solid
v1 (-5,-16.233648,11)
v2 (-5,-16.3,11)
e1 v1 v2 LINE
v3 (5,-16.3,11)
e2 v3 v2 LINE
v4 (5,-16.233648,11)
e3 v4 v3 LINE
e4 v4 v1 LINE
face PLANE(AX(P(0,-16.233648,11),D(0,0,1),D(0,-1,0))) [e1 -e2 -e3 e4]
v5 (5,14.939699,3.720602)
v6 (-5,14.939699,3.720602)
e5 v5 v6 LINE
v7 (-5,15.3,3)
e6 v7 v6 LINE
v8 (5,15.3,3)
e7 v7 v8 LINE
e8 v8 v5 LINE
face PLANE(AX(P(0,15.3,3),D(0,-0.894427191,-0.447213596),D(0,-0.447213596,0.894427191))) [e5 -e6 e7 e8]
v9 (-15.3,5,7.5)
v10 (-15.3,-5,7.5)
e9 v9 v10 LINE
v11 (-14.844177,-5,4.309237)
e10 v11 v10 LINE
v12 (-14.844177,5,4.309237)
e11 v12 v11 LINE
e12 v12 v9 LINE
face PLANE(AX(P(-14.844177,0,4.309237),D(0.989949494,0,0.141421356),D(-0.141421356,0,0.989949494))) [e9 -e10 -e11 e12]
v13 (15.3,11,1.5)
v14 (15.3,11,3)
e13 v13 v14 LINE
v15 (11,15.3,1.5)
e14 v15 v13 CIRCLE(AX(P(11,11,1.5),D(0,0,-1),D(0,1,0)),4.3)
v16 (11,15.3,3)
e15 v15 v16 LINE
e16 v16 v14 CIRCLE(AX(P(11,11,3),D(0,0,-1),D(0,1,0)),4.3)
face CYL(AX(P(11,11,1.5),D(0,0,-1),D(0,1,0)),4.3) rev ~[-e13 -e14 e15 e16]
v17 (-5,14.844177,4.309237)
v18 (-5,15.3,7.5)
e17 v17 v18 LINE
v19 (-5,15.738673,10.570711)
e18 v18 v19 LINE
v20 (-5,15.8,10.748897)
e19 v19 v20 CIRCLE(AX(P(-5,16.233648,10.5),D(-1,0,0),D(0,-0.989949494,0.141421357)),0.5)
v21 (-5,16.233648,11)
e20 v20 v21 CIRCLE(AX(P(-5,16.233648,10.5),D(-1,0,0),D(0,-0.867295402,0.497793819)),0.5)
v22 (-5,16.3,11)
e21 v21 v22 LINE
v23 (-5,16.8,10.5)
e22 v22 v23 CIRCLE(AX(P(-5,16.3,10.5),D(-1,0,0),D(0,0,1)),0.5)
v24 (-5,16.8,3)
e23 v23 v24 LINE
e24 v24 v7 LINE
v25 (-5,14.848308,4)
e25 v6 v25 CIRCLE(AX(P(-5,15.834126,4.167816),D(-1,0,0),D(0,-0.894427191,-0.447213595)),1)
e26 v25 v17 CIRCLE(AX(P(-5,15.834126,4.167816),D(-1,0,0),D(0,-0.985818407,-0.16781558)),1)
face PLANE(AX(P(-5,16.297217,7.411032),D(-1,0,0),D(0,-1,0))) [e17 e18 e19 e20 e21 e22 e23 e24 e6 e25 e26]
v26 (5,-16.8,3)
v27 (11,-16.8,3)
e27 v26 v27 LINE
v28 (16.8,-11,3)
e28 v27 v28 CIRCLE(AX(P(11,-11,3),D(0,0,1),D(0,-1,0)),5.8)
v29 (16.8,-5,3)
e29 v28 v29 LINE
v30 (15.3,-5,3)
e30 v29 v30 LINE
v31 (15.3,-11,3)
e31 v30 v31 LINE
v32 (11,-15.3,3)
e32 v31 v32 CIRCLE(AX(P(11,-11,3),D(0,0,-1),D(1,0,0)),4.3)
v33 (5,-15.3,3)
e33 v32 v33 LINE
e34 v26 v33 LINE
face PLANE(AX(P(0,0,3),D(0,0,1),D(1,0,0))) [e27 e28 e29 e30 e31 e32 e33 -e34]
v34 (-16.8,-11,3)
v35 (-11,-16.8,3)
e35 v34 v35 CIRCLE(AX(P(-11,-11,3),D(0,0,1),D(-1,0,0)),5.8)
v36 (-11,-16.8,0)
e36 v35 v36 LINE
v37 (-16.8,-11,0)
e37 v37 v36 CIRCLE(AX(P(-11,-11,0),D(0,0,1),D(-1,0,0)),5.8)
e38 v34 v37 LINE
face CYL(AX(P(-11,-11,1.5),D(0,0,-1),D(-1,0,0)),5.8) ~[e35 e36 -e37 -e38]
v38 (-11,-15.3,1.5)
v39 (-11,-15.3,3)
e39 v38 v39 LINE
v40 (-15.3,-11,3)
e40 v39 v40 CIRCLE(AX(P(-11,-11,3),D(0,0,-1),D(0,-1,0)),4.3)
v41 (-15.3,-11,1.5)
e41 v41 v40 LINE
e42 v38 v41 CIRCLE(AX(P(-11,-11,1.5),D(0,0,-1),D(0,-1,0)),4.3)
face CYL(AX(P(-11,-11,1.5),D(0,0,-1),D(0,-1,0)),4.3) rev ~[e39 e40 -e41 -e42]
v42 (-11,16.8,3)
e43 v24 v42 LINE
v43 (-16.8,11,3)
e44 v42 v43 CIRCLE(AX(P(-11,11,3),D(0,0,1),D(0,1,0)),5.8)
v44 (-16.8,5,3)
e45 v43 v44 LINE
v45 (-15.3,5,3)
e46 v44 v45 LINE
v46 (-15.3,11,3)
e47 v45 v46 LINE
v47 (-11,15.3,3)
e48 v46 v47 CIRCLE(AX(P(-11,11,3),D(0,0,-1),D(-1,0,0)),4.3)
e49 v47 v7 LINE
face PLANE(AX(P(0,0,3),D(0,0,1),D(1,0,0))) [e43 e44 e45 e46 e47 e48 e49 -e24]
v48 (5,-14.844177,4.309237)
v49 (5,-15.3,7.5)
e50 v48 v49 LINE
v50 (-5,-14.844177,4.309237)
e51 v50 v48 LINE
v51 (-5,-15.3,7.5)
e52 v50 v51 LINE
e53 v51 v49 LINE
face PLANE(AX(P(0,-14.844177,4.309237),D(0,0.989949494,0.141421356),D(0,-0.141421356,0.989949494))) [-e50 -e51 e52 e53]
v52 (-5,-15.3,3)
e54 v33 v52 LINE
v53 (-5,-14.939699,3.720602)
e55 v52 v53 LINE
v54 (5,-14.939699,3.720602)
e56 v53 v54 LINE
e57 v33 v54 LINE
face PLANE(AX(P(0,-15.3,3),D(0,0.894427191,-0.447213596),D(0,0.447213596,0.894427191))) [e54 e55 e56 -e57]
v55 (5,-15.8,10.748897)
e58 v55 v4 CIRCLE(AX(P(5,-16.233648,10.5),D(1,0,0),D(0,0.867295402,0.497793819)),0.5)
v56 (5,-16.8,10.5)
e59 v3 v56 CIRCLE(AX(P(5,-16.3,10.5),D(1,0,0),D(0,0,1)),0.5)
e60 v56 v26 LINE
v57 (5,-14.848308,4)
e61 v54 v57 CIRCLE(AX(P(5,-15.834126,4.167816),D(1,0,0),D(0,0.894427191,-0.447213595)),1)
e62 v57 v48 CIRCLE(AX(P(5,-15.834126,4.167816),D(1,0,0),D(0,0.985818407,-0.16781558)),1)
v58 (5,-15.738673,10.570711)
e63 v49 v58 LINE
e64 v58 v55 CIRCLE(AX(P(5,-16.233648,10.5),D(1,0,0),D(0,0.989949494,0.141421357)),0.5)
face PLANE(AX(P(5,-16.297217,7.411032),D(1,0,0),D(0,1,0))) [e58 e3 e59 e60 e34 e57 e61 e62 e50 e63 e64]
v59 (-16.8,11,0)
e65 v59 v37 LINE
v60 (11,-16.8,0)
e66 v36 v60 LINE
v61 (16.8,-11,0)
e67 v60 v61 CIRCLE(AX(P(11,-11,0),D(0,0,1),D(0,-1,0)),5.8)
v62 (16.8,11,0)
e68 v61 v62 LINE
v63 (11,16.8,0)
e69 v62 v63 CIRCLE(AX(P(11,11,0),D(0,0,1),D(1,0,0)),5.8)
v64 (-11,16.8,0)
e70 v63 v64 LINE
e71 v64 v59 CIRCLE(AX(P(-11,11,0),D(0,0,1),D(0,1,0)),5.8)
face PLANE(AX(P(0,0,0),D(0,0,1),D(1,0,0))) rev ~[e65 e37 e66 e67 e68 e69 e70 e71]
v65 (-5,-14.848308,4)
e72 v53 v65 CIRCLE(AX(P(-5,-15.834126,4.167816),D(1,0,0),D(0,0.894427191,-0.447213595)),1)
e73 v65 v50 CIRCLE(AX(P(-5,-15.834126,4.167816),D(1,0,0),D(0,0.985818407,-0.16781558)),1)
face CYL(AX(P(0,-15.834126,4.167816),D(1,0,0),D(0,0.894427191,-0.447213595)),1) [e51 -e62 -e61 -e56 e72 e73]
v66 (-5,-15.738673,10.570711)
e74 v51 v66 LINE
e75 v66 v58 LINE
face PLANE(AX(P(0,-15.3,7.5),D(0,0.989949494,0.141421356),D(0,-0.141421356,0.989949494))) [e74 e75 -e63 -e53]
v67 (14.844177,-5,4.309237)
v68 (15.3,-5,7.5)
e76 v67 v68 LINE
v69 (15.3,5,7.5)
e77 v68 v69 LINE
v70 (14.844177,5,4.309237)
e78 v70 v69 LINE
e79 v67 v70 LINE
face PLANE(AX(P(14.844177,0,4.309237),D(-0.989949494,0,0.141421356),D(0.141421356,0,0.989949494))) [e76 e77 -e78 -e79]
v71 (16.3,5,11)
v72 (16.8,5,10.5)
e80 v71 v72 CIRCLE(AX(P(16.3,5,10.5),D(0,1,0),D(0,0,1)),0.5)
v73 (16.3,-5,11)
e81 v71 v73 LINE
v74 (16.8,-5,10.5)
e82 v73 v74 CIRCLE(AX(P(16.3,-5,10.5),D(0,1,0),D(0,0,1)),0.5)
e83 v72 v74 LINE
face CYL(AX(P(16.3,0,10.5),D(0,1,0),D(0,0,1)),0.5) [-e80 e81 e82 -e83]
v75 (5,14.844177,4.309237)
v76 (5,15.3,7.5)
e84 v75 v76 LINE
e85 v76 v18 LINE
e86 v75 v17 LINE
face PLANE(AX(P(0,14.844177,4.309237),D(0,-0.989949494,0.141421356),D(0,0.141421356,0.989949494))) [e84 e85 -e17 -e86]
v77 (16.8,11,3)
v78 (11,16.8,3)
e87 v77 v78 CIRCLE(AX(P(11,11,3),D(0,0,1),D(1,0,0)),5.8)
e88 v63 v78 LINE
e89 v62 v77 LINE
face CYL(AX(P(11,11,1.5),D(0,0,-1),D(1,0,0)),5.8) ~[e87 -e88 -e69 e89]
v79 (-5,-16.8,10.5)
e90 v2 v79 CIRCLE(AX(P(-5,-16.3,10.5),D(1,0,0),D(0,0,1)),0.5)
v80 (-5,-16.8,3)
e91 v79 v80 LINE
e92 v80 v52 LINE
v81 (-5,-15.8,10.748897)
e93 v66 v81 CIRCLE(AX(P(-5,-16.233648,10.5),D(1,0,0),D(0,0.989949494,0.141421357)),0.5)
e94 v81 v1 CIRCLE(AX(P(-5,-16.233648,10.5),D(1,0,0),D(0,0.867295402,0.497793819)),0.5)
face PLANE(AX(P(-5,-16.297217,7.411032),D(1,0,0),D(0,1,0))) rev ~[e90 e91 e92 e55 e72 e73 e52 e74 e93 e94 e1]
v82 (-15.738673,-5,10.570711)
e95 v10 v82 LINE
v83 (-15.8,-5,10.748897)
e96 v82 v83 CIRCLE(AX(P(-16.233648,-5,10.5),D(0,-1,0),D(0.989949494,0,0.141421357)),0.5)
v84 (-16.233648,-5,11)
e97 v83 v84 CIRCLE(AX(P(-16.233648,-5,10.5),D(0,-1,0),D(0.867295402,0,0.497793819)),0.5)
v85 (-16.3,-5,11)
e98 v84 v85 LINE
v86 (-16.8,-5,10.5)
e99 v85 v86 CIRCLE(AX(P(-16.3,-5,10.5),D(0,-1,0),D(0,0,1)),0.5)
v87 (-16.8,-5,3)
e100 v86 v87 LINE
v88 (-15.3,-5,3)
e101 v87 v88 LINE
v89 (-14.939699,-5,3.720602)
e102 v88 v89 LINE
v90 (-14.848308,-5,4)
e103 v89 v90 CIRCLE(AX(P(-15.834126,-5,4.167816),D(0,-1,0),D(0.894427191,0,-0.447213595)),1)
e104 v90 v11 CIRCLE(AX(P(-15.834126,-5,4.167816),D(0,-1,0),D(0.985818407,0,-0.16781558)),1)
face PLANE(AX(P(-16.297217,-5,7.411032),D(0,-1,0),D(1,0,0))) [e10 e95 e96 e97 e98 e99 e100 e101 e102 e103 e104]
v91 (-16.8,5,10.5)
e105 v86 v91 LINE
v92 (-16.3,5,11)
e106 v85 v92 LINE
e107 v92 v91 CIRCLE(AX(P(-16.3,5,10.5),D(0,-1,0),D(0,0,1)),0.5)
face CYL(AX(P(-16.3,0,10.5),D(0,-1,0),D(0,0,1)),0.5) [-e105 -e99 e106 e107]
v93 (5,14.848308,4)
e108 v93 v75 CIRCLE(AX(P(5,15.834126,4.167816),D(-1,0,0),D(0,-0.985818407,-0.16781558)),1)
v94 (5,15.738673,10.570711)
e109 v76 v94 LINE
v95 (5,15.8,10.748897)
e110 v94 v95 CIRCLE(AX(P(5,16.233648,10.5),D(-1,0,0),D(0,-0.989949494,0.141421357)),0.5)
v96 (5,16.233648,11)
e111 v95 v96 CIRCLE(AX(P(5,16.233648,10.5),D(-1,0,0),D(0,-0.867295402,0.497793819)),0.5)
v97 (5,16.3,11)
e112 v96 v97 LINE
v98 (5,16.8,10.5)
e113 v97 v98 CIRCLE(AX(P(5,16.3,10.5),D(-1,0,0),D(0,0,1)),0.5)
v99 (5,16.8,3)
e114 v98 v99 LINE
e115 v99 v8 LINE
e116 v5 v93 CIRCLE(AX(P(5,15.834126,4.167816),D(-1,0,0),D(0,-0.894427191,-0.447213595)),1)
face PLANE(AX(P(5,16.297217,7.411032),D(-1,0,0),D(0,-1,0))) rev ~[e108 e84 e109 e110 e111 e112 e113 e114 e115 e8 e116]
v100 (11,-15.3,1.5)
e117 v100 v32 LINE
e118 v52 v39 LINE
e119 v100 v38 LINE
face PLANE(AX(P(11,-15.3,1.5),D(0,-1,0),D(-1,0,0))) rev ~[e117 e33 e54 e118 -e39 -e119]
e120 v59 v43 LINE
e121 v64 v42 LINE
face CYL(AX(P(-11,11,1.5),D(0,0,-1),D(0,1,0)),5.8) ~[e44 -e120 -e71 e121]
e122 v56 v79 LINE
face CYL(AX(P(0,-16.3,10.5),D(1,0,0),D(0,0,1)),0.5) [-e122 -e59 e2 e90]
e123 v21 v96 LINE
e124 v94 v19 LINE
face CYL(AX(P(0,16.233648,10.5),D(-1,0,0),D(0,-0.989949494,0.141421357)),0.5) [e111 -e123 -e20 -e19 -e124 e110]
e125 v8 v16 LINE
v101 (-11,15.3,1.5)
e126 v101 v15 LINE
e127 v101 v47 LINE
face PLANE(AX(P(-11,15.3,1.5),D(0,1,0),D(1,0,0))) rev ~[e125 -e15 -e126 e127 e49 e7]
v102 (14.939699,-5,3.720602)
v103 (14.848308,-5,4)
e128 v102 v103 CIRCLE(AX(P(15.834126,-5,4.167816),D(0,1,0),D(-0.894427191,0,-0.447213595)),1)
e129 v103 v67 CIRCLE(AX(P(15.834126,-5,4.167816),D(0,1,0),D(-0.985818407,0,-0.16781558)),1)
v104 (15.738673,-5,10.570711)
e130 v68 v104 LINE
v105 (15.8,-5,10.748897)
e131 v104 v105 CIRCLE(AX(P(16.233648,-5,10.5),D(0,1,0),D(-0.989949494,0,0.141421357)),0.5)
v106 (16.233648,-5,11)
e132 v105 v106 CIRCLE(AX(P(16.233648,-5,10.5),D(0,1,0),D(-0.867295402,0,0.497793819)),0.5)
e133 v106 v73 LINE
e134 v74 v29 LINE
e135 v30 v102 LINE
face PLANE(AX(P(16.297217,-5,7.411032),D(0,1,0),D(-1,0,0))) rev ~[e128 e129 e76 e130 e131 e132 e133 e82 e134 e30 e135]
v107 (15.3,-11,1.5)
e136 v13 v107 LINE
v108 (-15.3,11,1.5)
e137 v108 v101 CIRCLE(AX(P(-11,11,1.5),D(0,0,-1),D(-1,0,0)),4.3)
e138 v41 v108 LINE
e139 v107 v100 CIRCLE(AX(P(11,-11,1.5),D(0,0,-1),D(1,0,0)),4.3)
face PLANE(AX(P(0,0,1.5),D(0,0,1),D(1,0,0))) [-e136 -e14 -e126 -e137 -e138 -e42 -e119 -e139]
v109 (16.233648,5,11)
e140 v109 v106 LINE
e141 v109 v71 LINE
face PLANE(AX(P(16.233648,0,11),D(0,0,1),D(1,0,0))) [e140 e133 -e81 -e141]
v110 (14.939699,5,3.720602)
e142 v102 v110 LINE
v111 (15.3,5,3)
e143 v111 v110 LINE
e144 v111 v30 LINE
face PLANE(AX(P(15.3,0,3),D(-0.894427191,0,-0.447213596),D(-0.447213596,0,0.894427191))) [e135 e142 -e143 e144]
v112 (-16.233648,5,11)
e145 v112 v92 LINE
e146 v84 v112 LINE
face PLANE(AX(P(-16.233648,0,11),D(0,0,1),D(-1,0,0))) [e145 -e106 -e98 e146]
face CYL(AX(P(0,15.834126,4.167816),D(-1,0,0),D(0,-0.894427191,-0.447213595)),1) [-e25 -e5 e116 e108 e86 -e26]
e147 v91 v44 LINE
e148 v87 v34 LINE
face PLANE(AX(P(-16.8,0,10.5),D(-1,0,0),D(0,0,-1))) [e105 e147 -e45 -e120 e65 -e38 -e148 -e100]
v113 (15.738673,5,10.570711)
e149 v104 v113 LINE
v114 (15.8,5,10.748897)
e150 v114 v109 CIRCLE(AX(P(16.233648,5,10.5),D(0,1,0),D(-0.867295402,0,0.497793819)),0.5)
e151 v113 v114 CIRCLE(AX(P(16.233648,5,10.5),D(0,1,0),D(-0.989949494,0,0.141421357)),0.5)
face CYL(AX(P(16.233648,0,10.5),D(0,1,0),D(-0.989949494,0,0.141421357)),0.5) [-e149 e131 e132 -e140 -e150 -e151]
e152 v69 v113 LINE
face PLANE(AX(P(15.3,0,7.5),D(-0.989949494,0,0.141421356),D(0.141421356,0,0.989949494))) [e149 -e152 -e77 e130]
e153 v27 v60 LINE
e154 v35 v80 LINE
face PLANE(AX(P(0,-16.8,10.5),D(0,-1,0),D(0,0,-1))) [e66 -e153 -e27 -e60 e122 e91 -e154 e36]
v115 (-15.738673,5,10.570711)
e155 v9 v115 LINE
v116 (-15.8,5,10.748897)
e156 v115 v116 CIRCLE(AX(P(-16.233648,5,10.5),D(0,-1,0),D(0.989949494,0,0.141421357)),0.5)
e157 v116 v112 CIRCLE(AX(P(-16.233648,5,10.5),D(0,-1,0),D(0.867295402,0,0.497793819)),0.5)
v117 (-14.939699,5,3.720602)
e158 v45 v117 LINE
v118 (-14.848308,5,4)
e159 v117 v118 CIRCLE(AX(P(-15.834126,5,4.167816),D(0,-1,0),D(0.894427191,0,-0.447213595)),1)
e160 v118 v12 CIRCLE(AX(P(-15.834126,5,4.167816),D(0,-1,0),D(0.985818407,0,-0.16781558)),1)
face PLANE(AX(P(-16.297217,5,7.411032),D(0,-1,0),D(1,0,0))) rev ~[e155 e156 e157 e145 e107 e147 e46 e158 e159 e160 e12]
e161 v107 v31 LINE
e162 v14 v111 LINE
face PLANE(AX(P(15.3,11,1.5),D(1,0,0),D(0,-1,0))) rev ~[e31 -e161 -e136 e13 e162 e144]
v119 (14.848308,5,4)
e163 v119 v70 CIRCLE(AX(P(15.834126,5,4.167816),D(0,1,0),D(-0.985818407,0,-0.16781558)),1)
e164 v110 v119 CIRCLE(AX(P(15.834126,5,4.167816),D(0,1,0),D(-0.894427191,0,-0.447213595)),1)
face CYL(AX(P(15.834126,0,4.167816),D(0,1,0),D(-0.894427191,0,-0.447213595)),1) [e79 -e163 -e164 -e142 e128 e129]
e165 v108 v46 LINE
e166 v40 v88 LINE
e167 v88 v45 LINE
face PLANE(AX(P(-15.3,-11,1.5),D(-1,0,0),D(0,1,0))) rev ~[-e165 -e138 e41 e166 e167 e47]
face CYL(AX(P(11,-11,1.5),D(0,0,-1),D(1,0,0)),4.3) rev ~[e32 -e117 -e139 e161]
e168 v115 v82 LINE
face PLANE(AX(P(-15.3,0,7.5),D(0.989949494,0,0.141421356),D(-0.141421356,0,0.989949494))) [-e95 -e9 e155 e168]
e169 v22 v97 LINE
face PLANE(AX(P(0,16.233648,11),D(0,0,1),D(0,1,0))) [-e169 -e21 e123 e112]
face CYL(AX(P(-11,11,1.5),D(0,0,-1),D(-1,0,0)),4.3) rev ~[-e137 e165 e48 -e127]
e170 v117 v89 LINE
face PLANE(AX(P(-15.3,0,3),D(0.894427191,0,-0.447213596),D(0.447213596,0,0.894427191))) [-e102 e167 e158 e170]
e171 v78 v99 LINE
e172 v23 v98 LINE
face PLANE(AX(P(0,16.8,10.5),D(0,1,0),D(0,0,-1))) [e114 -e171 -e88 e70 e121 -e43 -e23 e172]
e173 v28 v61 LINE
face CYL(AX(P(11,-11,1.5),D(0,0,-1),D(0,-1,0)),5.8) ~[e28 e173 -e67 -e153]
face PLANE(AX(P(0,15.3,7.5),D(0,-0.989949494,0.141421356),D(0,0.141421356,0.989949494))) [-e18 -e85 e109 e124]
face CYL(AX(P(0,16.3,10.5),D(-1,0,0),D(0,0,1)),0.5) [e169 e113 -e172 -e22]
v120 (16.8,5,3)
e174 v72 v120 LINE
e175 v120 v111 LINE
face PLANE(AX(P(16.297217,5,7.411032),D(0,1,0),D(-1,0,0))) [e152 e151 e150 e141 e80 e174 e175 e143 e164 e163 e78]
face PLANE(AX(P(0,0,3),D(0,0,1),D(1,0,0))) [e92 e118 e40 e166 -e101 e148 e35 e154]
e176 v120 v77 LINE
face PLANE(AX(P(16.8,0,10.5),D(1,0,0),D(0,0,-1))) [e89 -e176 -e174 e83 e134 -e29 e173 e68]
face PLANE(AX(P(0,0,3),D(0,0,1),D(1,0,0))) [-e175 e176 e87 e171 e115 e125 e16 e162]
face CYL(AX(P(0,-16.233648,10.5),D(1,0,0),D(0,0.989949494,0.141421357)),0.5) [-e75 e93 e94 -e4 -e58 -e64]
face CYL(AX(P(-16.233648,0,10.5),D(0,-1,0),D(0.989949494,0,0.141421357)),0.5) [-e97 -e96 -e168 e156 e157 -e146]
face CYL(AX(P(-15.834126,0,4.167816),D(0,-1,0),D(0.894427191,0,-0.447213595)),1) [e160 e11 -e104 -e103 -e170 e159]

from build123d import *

# Parameters (mm, degrees)
F1_DEPTH      = 1.5
F3_DEPTH      = 1.5
F4_W          = 1
F4_H          = 1
F4_W_2        = 0.5
F5_DEPTH      = 5
F5_DEPTH_BACK = 5
F6_COUNT      = 4
F6_ANGLE      = 270


with BuildPart() as f1:
    # F0 (on Top) → F1 (new body)
    with BuildSketch(Plane.XY):
        with BuildLine():
            ThreePointArc((16.8, 11), (15.1012193309, 15.1012193309), (11, 16.8))
            Line((11, 16.8), (-11, 16.8))
            ThreePointArc((-11, 16.8), (-15.1012193309, 15.1012193309), (-16.8, 11))
            Line((-16.8, 11), (-16.8, -11))
            ThreePointArc((-16.8, -11), (-15.1012193309, -15.1012193309), (-11, -16.8))
            Line((-11, -16.8), (11, -16.8))
            ThreePointArc((11, -16.8), (15.1012193309, -15.1012193309), (16.8, -11))
            Line((16.8, -11), (16.8, 11))
        make_face()
        with BuildLine():
            Line((-11, 15.3), (11, 15.3))
            ThreePointArc((11, 15.3), (14.0405591591, 14.0405591591), (15.3, 11))
            Line((15.3, 11), (15.3, -11))
            ThreePointArc((15.3, -11), (14.0405591591, -14.0405591591), (11, -15.3))
            Line((11, -15.3), (-11, -15.3))
            ThreePointArc((-11, -15.3), (-14.0405591591, -14.0405591591), (-15.3, -11))
            Line((-15.3, -11), (-15.3, 11))
            ThreePointArc((-15.3, 11), (-14.0405591591, 14.0405591591), (-11, 15.3))
        make_face(mode=Mode.SUBTRACT)
        with BuildLine():
            ThreePointArc((15.3, 11), (14.0405591591, 14.0405591591), (11, 15.3))
            Line((11, 15.3), (-11, 15.3))
            ThreePointArc((-11, 15.3), (-14.0405591591, 14.0405591591), (-15.3, 11))
            Line((-15.3, 11), (-15.3, -11))
            ThreePointArc((-15.3, -11), (-14.0405591591, -14.0405591591), (-11, -15.3))
            Line((-11, -15.3), (11, -15.3))
            ThreePointArc((11, -15.3), (14.0405591591, -14.0405591591), (15.3, -11))
            Line((15.3, -11), (15.3, 11))
        make_face()
        with BuildLine():
            Line((-11, 15), (11, 15))
            ThreePointArc((11, 15), (13.8284271247, 13.8284271247), (15, 11))
            Line((15, 11), (15, -11))
            ThreePointArc((15, -11), (13.8284271247, -13.8284271247), (11, -15))
            Line((11, -15), (-11, -15))
            ThreePointArc((-11, -15), (-13.8284271247, -13.8284271247), (-15, -11))
            Line((-15, -11), (-15, 11))
            ThreePointArc((-15, 11), (-13.8284271247, 13.8284271247), (-11, 15))
        make_face(mode=Mode.SUBTRACT)
        with BuildLine():
            ThreePointArc((15, 11), (13.8284271247, 13.8284271247), (11, 15))
            Line((11, 15), (-11, 15))
            ThreePointArc((-11, 15), (-13.8284271247, 13.8284271247), (-15, 11))
            Line((-15, 11), (-15, -11))
            ThreePointArc((-15, -11), (-13.8284271247, -13.8284271247), (-11, -15))
            Line((-11, -15), (11, -15))
            ThreePointArc((11, -15), (13.8284271247, -13.8284271247), (15, -11))
            Line((15, -11), (15, 11))
        make_face()
    extrude(amount=F1_DEPTH)

    # F2 (on face) → F3 (join)
    with BuildSketch(Plane.XY.offset(1.5)):
        with BuildLine():
            Line((16.8, -11), (16.8, 11))
            ThreePointArc((16.8, 11), (15.1012193309, 15.1012193309), (11, 16.8))
            Line((11, 16.8), (-11, 16.8))
            ThreePointArc((-11, 16.8), (-15.1012193309, 15.1012193309), (-16.8, 11))
            Line((-16.8, 11), (-16.8, -11))
            ThreePointArc((-16.8, -11), (-15.1012193309, -15.1012193309), (-11, -16.8))
            Line((-11, -16.8), (11, -16.8))
            ThreePointArc((11, -16.8), (15.1012193309, -15.1012193309), (16.8, -11))
        make_face()
        with BuildLine():
            Line((-11, 15.3), (11, 15.3))
            ThreePointArc((11, 15.3), (14.0405591591, 14.0405591591), (15.3, 11))
            Line((15.3, 11), (15.3, -11))
            ThreePointArc((15.3, -11), (14.0405591591, -14.0405591591), (11, -15.3))
            Line((11, -15.3), (-11, -15.3))
            ThreePointArc((-11, -15.3), (-14.0405591591, -14.0405591591), (-15.3, -11))
            Line((-15.3, -11), (-15.3, 11))
            ThreePointArc((-15.3, 11), (-14.0405591591, 14.0405591591), (-11, 15.3))
        make_face(mode=Mode.SUBTRACT)
    extrude(amount=F3_DEPTH)

    # F4 (on Front) → F5 (join, two sides)
    with BuildSketch(Plane.XZ) as f5_sk:
        with BuildLine():
            Line((-16.8, 10.5), (-16.8, 4))
            Line((-16.8, 4), (-15.8, 4))
            Line((-15.8, 4), (-15.8, 10.7488969095))
            ThreePointArc((-15.8, 10.7488969095), (-15.9830967627, 10.9326941499), (-16.2336477008, 11))
            Line((-16.2336477008, 11), (-16.3, 11))
            ThreePointArc((-16.3, 11), (-16.6535533906, 10.8535533906), (-16.8, 10.5))
        make_face()
        with Locations((-16.3, 3.5)):
            Rectangle(F4_W, F4_H)
        with Locations((-15.55, 3.5)):
            Rectangle(F4_W_2, F4_H)
        with BuildLine():
            Line((-15.8, 10.7488969095), (-15.8, 4))
            Line((-15.8, 4), (-15.3, 4))
            Line((-15.3, 4), (-15.3, 7.5))
            Line((-15.3, 7.5), (-15.738672954, 10.5707106781))
            ThreePointArc((-15.738672954, 10.5707106781), (-15.7608660432, 10.6627190959), (-15.8, 10.7488969095))
        make_face()
        with BuildLine():
            Line((-15.3, 7.5), (-15.3, 4))
            Line((-15.3, 4), (-14.848307792, 4))
            ThreePointArc((-14.848307792, 4), (-14.8342154179, 4.154457802), (-14.8441767052, 4.3092369361))
            Line((-14.8441767052, 4.3092369361), (-15.3, 7.5))
        make_face()
        with BuildLine():
            Line((-15.3, 4), (-15.3, 3))
            Line((-15.3, 3), (-14.9396990078, 3.7206019844))
            ThreePointArc((-14.9396990078, 3.7206019844), (-14.8836806771, 3.8569244249), (-14.848307792, 4))
            Line((-14.848307792, 4), (-15.3, 4))
        make_face()
    extrude(amount=F5_DEPTH)
    extrude(f5_sk.sketch, amount=-F5_DEPTH_BACK)

    # F6: F1 ×4 about axis
    f6_axis = Axis((0, 0, 16.5911819786), (0, 0, 1))


with BuildPart() as f1_1:
    add(f1.part)
    for i in range(1, F6_COUNT):
        add(f1.part.rotate(f6_axis, i * F6_ANGLE / (F6_COUNT - 1)))


solid = f1_1.part
